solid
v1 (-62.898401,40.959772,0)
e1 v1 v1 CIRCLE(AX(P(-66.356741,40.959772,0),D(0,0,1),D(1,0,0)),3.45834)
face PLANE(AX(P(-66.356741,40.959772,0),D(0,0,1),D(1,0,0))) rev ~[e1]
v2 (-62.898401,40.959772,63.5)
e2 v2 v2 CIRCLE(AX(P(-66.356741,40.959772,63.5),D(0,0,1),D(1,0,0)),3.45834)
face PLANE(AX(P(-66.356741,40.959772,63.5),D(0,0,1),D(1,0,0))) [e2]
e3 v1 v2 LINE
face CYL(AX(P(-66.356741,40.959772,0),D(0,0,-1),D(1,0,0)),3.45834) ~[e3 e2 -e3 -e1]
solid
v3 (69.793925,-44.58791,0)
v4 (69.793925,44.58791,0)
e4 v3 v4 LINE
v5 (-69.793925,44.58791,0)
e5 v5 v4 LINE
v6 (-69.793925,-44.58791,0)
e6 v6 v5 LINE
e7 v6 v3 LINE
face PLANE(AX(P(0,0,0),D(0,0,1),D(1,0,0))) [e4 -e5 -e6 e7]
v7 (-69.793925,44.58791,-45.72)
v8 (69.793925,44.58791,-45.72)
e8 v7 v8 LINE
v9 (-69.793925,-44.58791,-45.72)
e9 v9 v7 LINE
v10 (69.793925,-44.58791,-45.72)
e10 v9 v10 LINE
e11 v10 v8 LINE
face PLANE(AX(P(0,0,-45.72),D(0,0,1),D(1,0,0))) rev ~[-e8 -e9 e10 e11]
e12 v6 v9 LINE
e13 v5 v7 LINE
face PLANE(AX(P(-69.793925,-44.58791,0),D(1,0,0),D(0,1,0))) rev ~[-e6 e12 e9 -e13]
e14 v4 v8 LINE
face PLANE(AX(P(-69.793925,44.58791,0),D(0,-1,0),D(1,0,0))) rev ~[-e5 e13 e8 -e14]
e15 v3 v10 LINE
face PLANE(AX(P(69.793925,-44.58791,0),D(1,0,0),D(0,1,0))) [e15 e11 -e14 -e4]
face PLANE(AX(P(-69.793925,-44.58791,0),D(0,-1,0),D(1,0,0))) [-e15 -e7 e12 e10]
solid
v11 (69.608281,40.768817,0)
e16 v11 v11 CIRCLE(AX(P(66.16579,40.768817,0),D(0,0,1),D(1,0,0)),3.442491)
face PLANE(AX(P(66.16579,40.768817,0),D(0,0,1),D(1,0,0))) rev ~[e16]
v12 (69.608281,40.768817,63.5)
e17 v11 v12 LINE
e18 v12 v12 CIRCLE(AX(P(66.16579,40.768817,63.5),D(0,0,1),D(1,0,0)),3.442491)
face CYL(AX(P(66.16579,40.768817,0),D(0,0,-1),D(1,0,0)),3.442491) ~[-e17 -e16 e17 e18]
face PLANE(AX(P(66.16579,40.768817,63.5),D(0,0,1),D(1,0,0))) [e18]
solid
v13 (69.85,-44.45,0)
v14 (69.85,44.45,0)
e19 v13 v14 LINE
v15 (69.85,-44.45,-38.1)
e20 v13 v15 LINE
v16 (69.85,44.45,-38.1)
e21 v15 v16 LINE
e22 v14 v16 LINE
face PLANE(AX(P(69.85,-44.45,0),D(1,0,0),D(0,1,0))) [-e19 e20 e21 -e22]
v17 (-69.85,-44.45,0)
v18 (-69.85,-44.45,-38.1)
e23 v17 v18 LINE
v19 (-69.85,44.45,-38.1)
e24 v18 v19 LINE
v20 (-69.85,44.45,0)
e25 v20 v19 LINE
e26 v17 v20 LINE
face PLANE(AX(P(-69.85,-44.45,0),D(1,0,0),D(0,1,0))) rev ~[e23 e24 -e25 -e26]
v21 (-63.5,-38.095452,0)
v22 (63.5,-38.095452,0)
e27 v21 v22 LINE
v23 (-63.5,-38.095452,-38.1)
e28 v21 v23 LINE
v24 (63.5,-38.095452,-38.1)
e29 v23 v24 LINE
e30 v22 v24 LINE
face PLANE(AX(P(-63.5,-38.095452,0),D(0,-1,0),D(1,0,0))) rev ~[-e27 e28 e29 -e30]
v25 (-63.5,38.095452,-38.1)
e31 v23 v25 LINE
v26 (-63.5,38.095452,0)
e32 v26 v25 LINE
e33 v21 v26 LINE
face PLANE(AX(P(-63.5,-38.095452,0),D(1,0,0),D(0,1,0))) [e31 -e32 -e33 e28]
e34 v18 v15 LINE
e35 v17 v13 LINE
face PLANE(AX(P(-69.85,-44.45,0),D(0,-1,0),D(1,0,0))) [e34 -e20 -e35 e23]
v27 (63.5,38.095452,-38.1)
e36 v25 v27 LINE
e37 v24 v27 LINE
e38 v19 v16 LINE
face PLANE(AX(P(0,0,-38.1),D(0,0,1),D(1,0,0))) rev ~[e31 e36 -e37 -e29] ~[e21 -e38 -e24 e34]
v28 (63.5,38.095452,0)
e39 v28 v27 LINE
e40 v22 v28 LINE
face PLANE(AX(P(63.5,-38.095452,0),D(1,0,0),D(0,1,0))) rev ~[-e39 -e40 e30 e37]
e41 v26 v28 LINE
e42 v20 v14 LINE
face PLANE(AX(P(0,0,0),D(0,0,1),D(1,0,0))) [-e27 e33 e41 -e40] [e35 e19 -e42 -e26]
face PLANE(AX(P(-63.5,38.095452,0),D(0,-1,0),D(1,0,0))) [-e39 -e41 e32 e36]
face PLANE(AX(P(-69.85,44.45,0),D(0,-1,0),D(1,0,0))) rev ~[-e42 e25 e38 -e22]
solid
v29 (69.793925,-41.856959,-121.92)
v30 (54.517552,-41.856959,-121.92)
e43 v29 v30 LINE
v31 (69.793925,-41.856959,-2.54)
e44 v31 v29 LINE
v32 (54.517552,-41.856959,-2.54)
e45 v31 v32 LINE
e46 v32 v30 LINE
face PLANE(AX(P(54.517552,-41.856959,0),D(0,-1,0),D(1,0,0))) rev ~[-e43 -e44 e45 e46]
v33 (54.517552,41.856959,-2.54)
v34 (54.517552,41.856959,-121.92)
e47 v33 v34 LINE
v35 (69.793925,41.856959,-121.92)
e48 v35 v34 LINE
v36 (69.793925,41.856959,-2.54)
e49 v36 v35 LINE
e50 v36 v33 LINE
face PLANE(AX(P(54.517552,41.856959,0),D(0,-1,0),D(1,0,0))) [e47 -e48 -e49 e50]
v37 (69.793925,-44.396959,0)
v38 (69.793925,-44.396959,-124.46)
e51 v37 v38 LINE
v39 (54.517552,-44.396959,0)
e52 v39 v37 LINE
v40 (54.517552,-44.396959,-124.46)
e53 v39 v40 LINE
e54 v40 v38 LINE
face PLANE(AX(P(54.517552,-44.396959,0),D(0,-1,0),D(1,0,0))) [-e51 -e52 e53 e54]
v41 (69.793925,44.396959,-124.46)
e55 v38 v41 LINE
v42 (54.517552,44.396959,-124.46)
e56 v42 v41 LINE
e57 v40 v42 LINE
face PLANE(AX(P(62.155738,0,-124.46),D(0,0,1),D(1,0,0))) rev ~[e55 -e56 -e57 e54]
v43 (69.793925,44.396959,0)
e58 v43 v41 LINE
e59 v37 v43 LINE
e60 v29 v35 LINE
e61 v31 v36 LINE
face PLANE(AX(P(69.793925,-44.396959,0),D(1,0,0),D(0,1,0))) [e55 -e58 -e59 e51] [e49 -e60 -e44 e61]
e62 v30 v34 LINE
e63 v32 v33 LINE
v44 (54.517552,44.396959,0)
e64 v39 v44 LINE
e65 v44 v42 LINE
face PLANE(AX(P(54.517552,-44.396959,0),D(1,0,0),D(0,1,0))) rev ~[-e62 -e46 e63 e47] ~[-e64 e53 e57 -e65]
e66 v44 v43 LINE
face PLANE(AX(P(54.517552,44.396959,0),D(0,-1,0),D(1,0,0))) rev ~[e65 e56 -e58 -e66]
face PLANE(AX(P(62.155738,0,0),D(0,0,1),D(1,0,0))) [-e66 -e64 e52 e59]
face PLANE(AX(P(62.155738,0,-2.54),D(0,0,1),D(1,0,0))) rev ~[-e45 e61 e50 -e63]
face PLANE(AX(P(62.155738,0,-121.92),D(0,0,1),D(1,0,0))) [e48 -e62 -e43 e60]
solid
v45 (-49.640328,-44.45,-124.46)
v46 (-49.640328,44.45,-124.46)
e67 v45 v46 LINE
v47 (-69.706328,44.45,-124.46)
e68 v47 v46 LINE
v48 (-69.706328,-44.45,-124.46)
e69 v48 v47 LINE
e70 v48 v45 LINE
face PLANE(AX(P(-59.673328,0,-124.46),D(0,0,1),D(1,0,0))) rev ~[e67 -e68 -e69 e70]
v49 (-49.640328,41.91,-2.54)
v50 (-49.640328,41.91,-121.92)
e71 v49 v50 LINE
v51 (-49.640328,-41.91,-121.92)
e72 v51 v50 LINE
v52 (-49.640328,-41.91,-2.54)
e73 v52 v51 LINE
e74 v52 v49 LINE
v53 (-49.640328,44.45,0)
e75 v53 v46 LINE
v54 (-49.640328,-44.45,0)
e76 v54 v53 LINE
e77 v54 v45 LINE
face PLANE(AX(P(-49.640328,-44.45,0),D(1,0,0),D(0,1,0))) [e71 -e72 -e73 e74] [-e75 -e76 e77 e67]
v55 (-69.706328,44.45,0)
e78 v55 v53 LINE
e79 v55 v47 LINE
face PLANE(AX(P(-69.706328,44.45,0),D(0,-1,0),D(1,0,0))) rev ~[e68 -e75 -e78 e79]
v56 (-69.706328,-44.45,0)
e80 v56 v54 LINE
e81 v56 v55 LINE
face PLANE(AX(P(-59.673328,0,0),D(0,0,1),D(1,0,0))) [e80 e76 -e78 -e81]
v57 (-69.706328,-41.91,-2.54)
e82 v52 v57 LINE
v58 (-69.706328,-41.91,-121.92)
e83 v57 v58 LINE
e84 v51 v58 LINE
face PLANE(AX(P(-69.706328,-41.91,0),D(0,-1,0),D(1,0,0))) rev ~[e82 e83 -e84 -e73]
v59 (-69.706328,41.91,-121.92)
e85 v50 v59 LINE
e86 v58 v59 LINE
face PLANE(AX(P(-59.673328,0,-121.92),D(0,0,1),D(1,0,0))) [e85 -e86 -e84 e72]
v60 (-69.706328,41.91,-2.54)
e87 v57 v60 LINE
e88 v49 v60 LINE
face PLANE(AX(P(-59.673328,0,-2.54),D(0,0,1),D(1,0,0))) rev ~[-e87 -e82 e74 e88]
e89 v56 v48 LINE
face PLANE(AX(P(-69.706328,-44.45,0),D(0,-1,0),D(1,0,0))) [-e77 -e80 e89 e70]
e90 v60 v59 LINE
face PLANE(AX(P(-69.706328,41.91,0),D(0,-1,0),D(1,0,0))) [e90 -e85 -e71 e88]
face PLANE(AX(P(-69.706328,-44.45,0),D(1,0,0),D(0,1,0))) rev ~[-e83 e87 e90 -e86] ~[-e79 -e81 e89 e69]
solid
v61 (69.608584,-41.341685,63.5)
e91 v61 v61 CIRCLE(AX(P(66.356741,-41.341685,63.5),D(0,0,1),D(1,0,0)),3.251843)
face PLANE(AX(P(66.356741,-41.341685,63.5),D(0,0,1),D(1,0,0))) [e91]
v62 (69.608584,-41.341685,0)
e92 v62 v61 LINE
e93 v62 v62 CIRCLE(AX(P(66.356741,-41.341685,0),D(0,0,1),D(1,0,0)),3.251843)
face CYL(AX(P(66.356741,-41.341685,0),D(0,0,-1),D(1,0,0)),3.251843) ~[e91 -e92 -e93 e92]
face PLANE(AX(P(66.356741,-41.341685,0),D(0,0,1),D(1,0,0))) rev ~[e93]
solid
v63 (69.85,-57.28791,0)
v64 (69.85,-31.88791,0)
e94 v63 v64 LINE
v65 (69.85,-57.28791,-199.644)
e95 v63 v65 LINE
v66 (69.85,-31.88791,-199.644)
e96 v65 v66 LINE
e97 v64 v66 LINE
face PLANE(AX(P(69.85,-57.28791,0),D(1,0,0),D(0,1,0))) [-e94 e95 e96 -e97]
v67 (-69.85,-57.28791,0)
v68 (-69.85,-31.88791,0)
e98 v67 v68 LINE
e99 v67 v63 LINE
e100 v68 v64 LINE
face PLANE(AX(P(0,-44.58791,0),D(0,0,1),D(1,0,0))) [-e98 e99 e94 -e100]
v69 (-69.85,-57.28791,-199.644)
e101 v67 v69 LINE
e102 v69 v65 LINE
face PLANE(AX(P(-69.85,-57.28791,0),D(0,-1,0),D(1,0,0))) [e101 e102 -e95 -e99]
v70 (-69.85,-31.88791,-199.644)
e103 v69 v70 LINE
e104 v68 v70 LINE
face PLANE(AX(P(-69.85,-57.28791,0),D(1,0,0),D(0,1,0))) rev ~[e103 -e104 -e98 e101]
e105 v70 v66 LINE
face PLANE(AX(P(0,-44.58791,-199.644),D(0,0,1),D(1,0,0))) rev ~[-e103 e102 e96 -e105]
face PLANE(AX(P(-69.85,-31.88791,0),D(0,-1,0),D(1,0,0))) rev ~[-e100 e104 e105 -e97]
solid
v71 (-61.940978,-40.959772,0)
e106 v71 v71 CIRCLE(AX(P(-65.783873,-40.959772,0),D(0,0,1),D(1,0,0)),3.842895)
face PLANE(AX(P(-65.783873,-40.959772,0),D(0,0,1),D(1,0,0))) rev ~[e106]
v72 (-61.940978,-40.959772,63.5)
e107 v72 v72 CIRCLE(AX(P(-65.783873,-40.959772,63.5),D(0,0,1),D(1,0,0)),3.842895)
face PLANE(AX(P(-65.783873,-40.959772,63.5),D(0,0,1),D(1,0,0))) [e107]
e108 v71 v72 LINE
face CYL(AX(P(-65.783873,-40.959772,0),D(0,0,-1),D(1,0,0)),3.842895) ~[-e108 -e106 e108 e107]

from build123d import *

# Parameters (mm, degrees)
F1_R     = 3.4583395998
F2_DEPTH = 63.5
F1_R_2   = 3.4424914459
F1_R_3   = 3.842894975
F1_R_4   = 3.2518430117
F0_W     = 139.7
F0_H     = 88.9
F0_W_2   = 127
F0_H_2   = 76.1909037828
F3_DEPTH = 38.1
F4_W     = 139.5878493786
F4_H     = 89.1758203506
F5_DEPTH = 45.72
F6_W     = 139.7
F6_H     = 25.4
F7_DEPTH = 199.644
F8_W     = 20.066
F8_H     = 88.9
F9_DEPTH = 124.46
F8_W_2   = 15.2763724327
F8_H_2   = 88.7939184904
F10_T    = -2.54
F10_2_T  = -2.54


with BuildPart() as f2:
    # F1 (on Top) → F2 (new body)
    with BuildSketch(Plane.XY):
        with Locations((-66.3567408919, 40.9597717226)):
            Circle(F1_R)
    extrude(amount=F2_DEPTH)


with BuildPart() as f2b:
    # F1 (on Top) → F2, piece 2 (new body)
    with BuildSketch(Plane.XY):
        with Locations((66.1657899618, 40.7688170671)):
            Circle(F1_R_2)
    extrude(amount=F2_DEPTH)


with BuildPart() as f2c:
    # F1 (on Top) → F2, piece 3 (new body)
    with BuildSketch(Plane.XY):
        with Locations((-65.7838732004, -40.9597717226)):
            Circle(F1_R_3)
    extrude(amount=F2_DEPTH)


with BuildPart() as f2d:
    # F1 (on Top) → F2, piece 4 (new body)
    with BuildSketch(Plane.XY):
        with Locations((66.3567408919, -41.3416847587)):
            Circle(F1_R_4)
    extrude(amount=F2_DEPTH)


with BuildPart() as f3:
    # F0 (on Top) → F3 (new body)
    with BuildSketch(Plane.XY):
        Rectangle(F0_W, F0_H)
        Rectangle(F0_W_2, F0_H_2, mode=Mode.SUBTRACT)
    extrude(amount=-F3_DEPTH)


with BuildPart() as f5:
    # F4 (on Top) → F5 (new body)
    with BuildSketch(Plane.XY):
        Rectangle(F4_W, F4_H)
    extrude(amount=-F5_DEPTH)


with BuildPart() as f7:
    # F6 (on Top) → F7 (new body)
    with BuildSketch(Plane.XY):
        with Locations((0, -44.5879101753)):
            Rectangle(F6_W, F6_H)
    extrude(amount=-F7_DEPTH)


with BuildPart() as f9:
    # F8 (on Top) → F9 (new body)
    with BuildSketch(Plane.XY):
        with Locations((-59.6733279526, 0)):
            Rectangle(F8_W, F8_H)
    extrude(amount=-F9_DEPTH)

    # F10
    f10_openings = [f9.faces().sort_by_distance(p)[0] for p in [
        (-69.706328, 0, -62.23),
        (-49.640328, 0, -62.23),
    ]]
    offset(amount=F10_T, openings=f10_openings)


with BuildPart() as f9b:
    # F8 (on Top) → F9, piece 2 (new body)
    with BuildSketch(Plane.XY):
        with Locations((62.1557384729, 0)):
            Rectangle(F8_W_2, F8_H_2)
    extrude(amount=-F9_DEPTH)

    # F10#2
    f10_2_openings = [f9b.faces().sort_by_distance(p)[0] for p in [
        (69.793925, 0, -62.23),
        (54.517552, 0, -62.23),
    ]]
    offset(amount=F10_2_T, openings=f10_2_openings)


solid = Compound([f2.part, f2b.part, f2c.part, f2d.part, f3.part, f5.part, f7.part, f9.part, f9b.part])
